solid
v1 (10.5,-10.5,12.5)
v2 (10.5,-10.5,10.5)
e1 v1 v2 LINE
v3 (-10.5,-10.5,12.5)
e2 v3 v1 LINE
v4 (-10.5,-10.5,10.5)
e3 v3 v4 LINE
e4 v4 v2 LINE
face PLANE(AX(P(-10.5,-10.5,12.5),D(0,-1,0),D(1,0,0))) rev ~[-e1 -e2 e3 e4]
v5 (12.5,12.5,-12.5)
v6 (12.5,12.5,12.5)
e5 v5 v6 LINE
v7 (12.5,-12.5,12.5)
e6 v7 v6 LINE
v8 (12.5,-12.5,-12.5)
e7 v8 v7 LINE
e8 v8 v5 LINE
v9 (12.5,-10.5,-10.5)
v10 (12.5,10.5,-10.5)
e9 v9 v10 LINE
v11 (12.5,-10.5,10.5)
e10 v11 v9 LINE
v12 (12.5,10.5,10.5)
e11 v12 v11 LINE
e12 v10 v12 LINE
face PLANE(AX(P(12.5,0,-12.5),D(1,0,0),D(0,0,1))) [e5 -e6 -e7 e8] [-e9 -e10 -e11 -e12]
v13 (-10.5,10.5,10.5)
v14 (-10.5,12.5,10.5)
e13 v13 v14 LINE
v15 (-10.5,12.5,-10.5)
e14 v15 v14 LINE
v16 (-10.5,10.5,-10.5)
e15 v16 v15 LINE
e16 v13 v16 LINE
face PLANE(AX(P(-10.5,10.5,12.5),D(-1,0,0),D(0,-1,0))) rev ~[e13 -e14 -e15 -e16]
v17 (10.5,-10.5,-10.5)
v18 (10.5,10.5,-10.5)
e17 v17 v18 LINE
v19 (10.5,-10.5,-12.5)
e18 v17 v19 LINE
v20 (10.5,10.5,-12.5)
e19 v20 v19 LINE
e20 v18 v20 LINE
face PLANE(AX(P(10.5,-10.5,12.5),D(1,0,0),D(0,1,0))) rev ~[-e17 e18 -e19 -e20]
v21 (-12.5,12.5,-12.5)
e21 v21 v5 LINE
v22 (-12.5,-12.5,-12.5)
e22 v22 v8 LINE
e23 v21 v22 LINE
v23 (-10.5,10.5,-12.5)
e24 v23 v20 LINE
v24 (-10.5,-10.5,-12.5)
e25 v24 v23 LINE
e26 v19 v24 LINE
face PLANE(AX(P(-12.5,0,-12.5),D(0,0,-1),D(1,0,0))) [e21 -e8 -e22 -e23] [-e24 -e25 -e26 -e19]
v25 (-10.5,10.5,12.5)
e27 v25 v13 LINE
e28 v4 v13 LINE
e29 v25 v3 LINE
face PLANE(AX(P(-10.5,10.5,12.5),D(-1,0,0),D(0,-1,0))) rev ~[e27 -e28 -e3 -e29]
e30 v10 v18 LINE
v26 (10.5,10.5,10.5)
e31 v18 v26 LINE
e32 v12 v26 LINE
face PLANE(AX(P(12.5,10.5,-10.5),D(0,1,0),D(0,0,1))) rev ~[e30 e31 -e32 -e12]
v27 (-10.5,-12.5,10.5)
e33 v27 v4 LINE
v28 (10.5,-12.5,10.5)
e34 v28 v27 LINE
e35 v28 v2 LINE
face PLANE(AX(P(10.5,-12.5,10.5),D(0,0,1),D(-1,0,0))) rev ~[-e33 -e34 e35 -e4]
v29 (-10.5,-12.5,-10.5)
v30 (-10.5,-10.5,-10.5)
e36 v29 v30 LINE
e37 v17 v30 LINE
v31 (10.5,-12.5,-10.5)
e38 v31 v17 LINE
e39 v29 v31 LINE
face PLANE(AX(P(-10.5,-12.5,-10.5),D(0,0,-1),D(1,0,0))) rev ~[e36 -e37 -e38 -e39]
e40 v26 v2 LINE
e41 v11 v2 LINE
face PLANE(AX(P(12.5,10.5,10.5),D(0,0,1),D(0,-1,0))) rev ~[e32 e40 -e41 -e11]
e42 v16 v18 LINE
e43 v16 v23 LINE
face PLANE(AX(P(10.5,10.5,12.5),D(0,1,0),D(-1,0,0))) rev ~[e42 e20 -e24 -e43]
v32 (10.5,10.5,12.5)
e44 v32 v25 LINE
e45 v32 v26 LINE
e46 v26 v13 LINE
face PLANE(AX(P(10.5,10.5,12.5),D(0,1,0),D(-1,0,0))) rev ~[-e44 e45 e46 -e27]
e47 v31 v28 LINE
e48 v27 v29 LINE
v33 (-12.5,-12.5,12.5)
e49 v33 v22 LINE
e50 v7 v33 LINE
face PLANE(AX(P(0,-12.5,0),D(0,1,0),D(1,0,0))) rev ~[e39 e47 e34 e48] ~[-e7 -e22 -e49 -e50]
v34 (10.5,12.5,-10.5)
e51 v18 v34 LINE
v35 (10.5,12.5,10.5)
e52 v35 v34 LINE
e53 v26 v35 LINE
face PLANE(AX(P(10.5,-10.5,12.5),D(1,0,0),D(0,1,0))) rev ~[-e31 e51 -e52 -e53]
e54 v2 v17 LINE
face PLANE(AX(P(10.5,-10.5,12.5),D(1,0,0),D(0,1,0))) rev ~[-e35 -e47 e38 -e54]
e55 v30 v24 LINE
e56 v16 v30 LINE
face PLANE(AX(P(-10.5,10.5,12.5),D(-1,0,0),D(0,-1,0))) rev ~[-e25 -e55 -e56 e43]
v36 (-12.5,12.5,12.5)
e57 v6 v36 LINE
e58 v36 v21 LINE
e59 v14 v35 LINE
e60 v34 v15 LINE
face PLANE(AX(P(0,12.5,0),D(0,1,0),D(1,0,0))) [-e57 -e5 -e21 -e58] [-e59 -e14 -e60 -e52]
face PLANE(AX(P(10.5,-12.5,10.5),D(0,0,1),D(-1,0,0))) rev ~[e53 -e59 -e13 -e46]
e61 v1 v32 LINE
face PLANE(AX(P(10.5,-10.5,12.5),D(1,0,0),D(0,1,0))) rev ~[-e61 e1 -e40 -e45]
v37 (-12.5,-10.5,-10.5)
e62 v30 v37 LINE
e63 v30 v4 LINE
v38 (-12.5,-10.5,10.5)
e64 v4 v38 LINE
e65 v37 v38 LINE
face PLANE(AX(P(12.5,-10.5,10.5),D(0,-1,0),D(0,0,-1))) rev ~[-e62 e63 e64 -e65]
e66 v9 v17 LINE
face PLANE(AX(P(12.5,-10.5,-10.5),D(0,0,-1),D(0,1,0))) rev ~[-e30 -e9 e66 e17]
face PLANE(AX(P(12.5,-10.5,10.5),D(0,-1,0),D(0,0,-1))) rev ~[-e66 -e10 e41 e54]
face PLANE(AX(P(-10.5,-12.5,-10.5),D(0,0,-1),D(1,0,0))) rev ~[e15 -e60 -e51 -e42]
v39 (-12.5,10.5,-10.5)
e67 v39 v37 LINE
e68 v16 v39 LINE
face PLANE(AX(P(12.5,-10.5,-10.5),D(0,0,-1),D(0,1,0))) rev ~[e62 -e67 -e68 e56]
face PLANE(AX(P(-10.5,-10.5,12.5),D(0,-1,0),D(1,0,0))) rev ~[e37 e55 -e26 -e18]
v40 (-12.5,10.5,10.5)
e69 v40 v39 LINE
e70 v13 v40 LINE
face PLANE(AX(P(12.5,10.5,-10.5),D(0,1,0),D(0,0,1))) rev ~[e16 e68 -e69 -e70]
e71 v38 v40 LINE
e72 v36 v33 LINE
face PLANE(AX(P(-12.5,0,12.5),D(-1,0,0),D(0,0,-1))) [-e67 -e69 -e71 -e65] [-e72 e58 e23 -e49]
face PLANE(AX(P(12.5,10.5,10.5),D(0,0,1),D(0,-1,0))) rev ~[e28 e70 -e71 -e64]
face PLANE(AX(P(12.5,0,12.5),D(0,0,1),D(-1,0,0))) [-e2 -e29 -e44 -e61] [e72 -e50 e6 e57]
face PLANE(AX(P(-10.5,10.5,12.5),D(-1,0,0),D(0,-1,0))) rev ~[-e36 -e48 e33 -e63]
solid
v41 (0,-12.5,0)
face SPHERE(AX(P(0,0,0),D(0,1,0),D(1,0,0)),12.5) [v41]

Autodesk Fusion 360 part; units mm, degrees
sketch "Sketch1" plane through (0, 0, 0) normal (0, 1, 0) x (1, 0, 0)
  line L0 (12.5, -12.5) -> (-12.5, -12.5)
  line L1 (-12.5, -12.5) -> (-12.5, 12.5)
  line L2 (-12.5, 12.5) -> (12.5, 12.5)
  line L3 (12.5, 12.5) -> (12.5, -12.5)
  line L4 (12.5, -12.5) -> (-12.5, 12.5) construction
  line L5 (-12.5, -12.5) -> (12.5, 12.5) construction
  dimension "d1" = 25
  dimension "d2" = 25
extrude "Extrude1" add sketch "Sketch1" along normal mid plane 25 makes body 1
sketch "Sketch2" plane through (0, -12.5, 0) normal (0, -1, 0) x (1, 0, 0)
  line L0 (-12.5, -12.5) -> (12.5, -12.5)
  line L1 (12.5, -12.5) -> (12.5, 12.5)
  line L2 (12.5, 12.5) -> (-12.5, 12.5)
  line L3 (-12.5, 12.5) -> (-12.5, -12.5)
  line L4 (-10.5, -10.5) -> (10.5, -10.5)
  line L5 (10.5, -10.5) -> (10.5, 10.5)
  line L6 (10.5, 10.5) -> (-10.5, 10.5)
  line L7 (-10.5, 10.5) -> (-10.5, -10.5)
  dimension "d6" = -2
extrude "Extrude2" cut sketch "Sketch2" against normal blind 45 contours L4 L5 L6 L7 bodies 1
sketch "Sketch3" plane through (0, 0, 12.5) normal (0, 0, 1) x (-1, 0, 0)
  line L0 (12.5, 12.5) -> (-12.5, 12.5)
  line L1 (-12.5, 12.5) -> (-12.5, -12.5)
  line L2 (-12.5, -12.5) -> (12.5, -12.5)
  line L3 (12.5, -12.5) -> (12.5, 12.5)
  line L4 (10.5, 10.5) -> (-10.5, 10.5)
  line L5 (-10.5, 10.5) -> (-10.5, -10.5)
  line L6 (-10.5, -10.5) -> (10.5, -10.5)
  line L7 (10.5, -10.5) -> (10.5, 10.5)
  dimension "d9" = -2
extrude "Extrude3" cut sketch "Sketch3" against normal blind 41 contours L4 L5 L6 L7 bodies 1
sketch "Sketch4" plane through (12.5, 0, 0) normal (1, 0, 0) x (0, 1, 0)
  line L0 (-12.5, 12.5) -> (-12.5, -12.5)
  line L1 (-12.5, -12.5) -> (12.5, -12.5)
  line L2 (12.5, -12.5) -> (12.5, 12.5)
  line L3 (12.5, 12.5) -> (-12.5, 12.5)
  line L4 (-10.5, -10.5) -> (10.5, -10.5)
  line L5 (10.5, -10.5) -> (10.5, 10.5)
  line L6 (10.5, 10.5) -> (-10.5, 10.5)
  line L7 (-10.5, 10.5) -> (-10.5, -10.5)
  dimension "d12" = -2
extrude "Extrude4" cut sketch "Sketch4" against normal blind 38 contours L4 L5 L6 L7 bodies 1
sketch "Sketch5" plane through (0, 0, 0) normal (0, 1, 0) x (1, 0, 0)
sphere "SpherePrimitive1" add diameter 25 placed x (1, 0, 0) y (0, 0, -1) z (0, 1, 0) at (0, 0, 0) separate body makes body 2
equation "d3 = 25 mm / 2"
